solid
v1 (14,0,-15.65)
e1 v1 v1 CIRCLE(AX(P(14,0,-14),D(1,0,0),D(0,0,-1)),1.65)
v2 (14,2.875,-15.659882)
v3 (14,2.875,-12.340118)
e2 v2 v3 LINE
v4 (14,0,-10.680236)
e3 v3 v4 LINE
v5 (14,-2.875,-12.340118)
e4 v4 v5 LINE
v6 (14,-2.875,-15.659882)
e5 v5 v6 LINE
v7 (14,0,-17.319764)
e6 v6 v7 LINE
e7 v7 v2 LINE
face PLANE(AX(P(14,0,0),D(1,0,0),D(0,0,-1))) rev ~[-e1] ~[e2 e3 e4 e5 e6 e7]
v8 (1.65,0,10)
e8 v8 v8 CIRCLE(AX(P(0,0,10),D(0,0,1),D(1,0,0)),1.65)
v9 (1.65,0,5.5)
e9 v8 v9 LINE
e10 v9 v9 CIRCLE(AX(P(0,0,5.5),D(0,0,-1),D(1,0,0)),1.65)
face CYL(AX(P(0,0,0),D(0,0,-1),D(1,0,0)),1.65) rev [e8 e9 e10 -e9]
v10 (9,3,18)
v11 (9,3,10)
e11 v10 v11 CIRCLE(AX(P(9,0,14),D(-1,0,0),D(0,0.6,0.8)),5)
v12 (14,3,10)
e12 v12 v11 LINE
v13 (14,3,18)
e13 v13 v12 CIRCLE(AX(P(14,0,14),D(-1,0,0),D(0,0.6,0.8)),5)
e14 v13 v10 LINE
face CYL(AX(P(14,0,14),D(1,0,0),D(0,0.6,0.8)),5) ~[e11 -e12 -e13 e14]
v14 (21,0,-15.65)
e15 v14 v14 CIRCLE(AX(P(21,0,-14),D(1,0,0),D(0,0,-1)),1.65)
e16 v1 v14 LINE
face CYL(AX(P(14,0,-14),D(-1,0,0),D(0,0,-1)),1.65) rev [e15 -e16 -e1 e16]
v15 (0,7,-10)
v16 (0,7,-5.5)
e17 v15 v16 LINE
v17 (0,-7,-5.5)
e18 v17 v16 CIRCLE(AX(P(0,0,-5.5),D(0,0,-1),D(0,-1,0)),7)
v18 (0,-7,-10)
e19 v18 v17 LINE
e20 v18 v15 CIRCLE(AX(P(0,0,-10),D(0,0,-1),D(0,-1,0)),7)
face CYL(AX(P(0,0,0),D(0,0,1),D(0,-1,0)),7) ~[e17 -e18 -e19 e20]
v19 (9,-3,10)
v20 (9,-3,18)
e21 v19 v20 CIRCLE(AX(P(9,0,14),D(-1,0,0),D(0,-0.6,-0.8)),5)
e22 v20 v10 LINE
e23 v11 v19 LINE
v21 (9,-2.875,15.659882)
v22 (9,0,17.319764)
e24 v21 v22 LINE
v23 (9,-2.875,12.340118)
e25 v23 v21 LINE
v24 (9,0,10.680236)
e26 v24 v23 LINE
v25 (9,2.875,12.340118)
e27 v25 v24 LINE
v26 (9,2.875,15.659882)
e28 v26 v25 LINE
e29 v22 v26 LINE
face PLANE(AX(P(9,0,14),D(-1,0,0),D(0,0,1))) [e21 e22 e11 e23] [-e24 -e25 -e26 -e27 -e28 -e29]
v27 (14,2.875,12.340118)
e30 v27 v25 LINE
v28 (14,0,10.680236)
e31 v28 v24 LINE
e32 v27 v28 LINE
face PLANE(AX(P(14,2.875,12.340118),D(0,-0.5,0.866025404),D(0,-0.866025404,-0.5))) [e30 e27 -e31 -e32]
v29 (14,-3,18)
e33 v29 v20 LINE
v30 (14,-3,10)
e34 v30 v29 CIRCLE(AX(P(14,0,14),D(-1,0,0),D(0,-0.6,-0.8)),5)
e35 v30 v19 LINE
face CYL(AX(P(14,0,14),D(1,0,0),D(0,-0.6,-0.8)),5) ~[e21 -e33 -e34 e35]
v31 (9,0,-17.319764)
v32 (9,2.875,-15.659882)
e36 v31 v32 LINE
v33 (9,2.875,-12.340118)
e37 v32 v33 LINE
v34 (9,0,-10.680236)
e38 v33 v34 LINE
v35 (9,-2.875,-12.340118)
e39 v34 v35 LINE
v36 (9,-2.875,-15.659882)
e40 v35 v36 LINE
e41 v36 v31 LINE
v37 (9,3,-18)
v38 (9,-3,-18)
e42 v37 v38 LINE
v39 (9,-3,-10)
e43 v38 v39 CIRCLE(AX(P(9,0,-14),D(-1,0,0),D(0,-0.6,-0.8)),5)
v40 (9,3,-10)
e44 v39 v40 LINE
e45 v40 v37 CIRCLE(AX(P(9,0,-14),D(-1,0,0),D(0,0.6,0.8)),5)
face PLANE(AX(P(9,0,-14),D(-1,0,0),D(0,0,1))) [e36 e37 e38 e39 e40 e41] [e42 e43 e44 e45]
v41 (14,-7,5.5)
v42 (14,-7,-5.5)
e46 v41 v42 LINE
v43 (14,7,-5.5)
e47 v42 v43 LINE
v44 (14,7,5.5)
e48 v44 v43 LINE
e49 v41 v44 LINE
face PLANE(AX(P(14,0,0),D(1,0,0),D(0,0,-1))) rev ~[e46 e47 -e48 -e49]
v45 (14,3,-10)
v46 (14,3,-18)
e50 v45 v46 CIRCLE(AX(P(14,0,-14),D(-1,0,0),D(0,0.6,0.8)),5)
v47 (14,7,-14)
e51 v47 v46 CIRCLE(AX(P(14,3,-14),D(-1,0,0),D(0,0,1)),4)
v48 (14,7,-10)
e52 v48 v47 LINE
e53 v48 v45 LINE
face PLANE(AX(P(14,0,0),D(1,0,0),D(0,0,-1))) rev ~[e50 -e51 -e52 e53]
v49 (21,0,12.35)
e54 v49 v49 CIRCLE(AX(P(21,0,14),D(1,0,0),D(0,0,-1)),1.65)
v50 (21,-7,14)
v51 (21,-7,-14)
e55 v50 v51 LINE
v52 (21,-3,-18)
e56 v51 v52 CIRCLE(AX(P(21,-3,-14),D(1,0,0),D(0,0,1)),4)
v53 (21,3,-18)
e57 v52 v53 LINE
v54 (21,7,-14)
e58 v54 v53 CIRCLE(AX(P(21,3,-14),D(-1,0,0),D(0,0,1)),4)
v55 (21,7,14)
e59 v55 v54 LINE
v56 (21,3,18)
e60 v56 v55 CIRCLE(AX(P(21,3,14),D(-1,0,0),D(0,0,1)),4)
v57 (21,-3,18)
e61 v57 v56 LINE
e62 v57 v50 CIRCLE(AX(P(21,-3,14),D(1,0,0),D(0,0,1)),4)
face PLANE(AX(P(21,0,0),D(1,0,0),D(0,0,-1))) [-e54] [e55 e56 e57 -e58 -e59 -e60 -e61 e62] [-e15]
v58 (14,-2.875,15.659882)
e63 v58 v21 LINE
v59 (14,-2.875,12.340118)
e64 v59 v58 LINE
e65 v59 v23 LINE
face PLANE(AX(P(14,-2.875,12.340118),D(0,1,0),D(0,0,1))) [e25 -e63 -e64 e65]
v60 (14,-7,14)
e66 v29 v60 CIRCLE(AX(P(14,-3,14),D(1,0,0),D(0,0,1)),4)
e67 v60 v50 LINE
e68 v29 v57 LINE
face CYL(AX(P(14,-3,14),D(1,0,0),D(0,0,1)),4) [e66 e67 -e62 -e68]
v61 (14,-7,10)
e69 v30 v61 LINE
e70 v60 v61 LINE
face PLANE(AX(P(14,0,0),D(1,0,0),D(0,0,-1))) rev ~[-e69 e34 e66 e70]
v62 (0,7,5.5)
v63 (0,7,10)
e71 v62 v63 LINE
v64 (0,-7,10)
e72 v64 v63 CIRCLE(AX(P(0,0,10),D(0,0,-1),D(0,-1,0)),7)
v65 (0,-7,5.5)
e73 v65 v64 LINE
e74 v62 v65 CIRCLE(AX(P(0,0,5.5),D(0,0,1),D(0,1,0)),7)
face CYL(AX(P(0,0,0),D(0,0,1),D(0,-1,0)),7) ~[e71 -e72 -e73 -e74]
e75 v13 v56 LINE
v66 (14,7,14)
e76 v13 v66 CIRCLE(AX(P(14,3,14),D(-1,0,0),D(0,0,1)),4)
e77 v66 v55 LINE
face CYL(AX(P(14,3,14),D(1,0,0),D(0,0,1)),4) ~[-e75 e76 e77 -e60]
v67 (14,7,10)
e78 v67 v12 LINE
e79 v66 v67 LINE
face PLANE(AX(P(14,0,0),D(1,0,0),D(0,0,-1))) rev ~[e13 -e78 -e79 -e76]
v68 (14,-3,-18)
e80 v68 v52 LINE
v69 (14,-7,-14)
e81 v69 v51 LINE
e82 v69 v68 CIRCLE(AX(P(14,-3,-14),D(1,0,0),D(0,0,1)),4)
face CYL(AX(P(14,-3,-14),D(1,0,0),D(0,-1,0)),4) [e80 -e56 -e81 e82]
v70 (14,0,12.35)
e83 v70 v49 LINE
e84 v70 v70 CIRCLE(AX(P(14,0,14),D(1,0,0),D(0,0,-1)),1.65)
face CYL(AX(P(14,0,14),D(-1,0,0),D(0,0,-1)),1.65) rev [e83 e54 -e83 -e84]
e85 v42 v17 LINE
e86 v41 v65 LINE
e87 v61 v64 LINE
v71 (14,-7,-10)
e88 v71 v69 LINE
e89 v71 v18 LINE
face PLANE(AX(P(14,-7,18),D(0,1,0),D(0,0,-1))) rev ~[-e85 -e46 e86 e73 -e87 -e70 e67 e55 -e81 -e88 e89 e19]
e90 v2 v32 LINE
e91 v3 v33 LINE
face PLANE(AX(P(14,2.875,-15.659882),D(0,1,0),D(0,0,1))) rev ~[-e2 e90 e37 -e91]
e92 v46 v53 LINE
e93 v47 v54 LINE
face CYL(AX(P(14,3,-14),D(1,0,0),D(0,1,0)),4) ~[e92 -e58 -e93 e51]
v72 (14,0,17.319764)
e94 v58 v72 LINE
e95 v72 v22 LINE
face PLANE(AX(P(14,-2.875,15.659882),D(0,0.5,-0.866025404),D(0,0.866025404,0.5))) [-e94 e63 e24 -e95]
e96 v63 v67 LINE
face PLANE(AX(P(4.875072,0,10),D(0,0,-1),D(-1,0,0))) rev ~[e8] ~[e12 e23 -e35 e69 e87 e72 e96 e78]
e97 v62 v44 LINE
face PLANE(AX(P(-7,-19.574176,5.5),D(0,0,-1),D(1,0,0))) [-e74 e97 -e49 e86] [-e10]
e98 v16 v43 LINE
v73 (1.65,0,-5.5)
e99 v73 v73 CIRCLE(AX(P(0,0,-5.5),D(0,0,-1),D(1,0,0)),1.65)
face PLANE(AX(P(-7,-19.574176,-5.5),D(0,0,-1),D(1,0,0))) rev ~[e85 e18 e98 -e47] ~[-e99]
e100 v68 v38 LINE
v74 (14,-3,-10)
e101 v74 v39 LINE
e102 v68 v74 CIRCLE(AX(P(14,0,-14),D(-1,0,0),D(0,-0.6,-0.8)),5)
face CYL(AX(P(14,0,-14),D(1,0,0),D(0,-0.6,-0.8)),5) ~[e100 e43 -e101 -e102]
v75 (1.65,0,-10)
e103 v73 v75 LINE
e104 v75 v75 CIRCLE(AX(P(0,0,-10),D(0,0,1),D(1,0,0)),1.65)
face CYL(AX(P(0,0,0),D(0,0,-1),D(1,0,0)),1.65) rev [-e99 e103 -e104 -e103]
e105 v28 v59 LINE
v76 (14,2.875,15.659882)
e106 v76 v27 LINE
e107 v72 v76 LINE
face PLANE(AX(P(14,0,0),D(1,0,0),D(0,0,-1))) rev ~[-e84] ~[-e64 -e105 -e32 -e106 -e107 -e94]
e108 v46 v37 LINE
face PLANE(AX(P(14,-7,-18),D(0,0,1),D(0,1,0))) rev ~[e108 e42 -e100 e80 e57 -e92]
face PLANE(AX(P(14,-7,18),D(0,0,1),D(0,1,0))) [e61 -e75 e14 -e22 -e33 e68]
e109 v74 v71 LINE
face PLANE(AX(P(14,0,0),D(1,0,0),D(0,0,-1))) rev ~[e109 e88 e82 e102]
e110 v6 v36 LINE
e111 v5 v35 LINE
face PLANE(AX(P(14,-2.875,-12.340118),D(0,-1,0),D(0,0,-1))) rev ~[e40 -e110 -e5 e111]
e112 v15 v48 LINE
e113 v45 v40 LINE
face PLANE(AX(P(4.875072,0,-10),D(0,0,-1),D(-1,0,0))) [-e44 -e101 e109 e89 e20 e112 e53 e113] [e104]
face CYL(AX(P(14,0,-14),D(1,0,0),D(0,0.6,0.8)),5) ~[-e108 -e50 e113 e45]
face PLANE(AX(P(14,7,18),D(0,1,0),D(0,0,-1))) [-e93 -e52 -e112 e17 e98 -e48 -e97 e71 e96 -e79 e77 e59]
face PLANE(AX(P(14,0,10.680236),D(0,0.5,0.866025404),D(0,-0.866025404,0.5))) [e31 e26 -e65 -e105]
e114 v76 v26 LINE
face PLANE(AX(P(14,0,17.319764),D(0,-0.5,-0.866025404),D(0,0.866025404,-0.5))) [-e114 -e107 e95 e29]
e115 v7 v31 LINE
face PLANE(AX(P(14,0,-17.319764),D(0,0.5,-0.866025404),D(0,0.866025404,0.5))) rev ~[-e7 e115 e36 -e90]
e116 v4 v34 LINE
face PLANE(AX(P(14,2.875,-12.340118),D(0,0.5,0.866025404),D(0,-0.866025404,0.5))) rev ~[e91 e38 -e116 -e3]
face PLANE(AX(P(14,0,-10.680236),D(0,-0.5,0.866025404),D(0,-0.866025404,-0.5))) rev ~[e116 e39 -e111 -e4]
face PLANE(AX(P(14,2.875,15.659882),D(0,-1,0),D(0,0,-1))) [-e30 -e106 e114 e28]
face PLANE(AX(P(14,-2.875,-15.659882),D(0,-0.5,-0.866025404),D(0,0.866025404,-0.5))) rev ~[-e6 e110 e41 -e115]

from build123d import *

# Parameters (mm, degrees)
SKETCH1_R               = 1.65
BOSS_EXTRUDE1_DEPTH     = 10
CUT_EXTRUDE1_DEPTH      = 19.574175621
CUT_EXTRUDE1_DEPTH_BACK = 19.574175621
SKETCH2_W               = 21
SKETCH2_H               = 11
SKETCH4_W               = 36
SKETCH4_H               = 14
SKETCH4_R               = 1.65
BOSS_EXTRUDE2_DEPTH     = 7
BOSS_EXTRUDE3_DEPTH     = 5
FILLET1_R               = 4


with BuildPart() as part:
    # Sketch1 → Boss-Extrude1 (new, symmetric)
    with BuildSketch(Plane.XY):
        with BuildLine():
            Line((0, 7), (14, 7))
            Line((14, 7), (14, -7))
            Line((14, -7), (0, -7))
            ThreePointArc((0, -7), (-7, 0), (0, 7))
        make_face()
        Circle(SKETCH1_R, mode=Mode.SUBTRACT)
    extrude(amount=BOSS_EXTRUDE1_DEPTH, both=True)

    # Sketch2 → Cut-Extrude1 (cut, two sides: drawn at the far end of the back side and taken through both)
    with BuildSketch(Plane(origin=(0, 0, 0), x_dir=(1, 0, 0), z_dir=(0, 1, 0)).offset(-CUT_EXTRUDE1_DEPTH_BACK)):
        with Locations((3.5, 0)):
            Rectangle(SKETCH2_W, SKETCH2_H)
    extrude(amount=CUT_EXTRUDE1_DEPTH + CUT_EXTRUDE1_DEPTH_BACK, mode=Mode.SUBTRACT)


with BuildPart() as cut_extrude1_piece_1:
    # of the separate pieces the step leaves, piece 1, a body of its own (cut_extrude1_pieces)
    add(part.part.solids().sort_by_distance((0, 7, -10))[0])



with BuildPart() as cut_extrude1_piece_2:
    # of the separate pieces the step leaves, piece 2, a body of its own (cut_extrude1_pieces)
    add(part.part.solids().sort_by_distance((0, 7, 5.5))[0])


with BuildPart() as cut_extrude1_piece_1_1:
    add(cut_extrude1_piece_1.part)

    add(cut_extrude1_piece_2.part)  # Boss-Extrude2 merges Cut-Extrude1 piece 2
    # Sketch4 → Boss-Extrude2 (add)
    with BuildSketch(Plane(origin=(14, 0, 0), x_dir=(0, 0, -1), z_dir=(1, 0, 0))):
        Rectangle(SKETCH4_W, SKETCH4_H)
        with Locations((14, 0)):
            Circle(SKETCH4_R, mode=Mode.SUBTRACT)
        with Locations((-14, 0)):
            Circle(SKETCH4_R, mode=Mode.SUBTRACT)
    extrude(amount=BOSS_EXTRUDE2_DEPTH)

    # Sketch5 → Boss-Extrude3 (add)
    # profile 1 of 2: a face of its own
    with BuildSketch(Plane.ZY.offset(-14)):
        with BuildLine():
            Line((10, 3), (10, -3))
            ThreePointArc((10, -3), (14, -5), (18, -3))
            Line((18, -3), (18, 3))
            ThreePointArc((18, 3), (14, 5), (10, 3))
        make_face()
        Polygon((12.340117976, -2.875), (15.659882024, -2.875), (17.319764048, 0), (15.659882024, 2.875), (12.340117976, 2.875), (10.680235952, 0), align=None, mode=Mode.SUBTRACT)
    # profile 2 of 2: a face of its own
    with BuildSketch(Plane.ZY.offset(-14)):
        with BuildLine():
            Line((-18, 3), (-18, -3))
            ThreePointArc((-18, -3), (-14, -5), (-10, -3))
            Line((-10, -3), (-10, 3))
            ThreePointArc((-10, 3), (-14, 5), (-18, 3))
        make_face()
        Polygon((-10.680235952, 0), (-12.340117976, -2.875), (-15.659882024, -2.875), (-17.319764048, 0), (-15.659882024, 2.875), (-12.340117976, 2.875), align=None, mode=Mode.SUBTRACT)
    extrude(amount=BOSS_EXTRUDE3_DEPTH)

    # Fillet1
    fillet1_edges = [cut_extrude1_piece_1_1.edges().sort_by_distance(p)[0] for p in [
        (17.5, 7, 18),
        (17.5, -7, 18),
        (17.5, 7, -18),
        (17.5, -7, -18),
    ]]
    fillet(fillet1_edges, radius=FILLET1_R)


solid = cut_extrude1_piece_1_1.part
